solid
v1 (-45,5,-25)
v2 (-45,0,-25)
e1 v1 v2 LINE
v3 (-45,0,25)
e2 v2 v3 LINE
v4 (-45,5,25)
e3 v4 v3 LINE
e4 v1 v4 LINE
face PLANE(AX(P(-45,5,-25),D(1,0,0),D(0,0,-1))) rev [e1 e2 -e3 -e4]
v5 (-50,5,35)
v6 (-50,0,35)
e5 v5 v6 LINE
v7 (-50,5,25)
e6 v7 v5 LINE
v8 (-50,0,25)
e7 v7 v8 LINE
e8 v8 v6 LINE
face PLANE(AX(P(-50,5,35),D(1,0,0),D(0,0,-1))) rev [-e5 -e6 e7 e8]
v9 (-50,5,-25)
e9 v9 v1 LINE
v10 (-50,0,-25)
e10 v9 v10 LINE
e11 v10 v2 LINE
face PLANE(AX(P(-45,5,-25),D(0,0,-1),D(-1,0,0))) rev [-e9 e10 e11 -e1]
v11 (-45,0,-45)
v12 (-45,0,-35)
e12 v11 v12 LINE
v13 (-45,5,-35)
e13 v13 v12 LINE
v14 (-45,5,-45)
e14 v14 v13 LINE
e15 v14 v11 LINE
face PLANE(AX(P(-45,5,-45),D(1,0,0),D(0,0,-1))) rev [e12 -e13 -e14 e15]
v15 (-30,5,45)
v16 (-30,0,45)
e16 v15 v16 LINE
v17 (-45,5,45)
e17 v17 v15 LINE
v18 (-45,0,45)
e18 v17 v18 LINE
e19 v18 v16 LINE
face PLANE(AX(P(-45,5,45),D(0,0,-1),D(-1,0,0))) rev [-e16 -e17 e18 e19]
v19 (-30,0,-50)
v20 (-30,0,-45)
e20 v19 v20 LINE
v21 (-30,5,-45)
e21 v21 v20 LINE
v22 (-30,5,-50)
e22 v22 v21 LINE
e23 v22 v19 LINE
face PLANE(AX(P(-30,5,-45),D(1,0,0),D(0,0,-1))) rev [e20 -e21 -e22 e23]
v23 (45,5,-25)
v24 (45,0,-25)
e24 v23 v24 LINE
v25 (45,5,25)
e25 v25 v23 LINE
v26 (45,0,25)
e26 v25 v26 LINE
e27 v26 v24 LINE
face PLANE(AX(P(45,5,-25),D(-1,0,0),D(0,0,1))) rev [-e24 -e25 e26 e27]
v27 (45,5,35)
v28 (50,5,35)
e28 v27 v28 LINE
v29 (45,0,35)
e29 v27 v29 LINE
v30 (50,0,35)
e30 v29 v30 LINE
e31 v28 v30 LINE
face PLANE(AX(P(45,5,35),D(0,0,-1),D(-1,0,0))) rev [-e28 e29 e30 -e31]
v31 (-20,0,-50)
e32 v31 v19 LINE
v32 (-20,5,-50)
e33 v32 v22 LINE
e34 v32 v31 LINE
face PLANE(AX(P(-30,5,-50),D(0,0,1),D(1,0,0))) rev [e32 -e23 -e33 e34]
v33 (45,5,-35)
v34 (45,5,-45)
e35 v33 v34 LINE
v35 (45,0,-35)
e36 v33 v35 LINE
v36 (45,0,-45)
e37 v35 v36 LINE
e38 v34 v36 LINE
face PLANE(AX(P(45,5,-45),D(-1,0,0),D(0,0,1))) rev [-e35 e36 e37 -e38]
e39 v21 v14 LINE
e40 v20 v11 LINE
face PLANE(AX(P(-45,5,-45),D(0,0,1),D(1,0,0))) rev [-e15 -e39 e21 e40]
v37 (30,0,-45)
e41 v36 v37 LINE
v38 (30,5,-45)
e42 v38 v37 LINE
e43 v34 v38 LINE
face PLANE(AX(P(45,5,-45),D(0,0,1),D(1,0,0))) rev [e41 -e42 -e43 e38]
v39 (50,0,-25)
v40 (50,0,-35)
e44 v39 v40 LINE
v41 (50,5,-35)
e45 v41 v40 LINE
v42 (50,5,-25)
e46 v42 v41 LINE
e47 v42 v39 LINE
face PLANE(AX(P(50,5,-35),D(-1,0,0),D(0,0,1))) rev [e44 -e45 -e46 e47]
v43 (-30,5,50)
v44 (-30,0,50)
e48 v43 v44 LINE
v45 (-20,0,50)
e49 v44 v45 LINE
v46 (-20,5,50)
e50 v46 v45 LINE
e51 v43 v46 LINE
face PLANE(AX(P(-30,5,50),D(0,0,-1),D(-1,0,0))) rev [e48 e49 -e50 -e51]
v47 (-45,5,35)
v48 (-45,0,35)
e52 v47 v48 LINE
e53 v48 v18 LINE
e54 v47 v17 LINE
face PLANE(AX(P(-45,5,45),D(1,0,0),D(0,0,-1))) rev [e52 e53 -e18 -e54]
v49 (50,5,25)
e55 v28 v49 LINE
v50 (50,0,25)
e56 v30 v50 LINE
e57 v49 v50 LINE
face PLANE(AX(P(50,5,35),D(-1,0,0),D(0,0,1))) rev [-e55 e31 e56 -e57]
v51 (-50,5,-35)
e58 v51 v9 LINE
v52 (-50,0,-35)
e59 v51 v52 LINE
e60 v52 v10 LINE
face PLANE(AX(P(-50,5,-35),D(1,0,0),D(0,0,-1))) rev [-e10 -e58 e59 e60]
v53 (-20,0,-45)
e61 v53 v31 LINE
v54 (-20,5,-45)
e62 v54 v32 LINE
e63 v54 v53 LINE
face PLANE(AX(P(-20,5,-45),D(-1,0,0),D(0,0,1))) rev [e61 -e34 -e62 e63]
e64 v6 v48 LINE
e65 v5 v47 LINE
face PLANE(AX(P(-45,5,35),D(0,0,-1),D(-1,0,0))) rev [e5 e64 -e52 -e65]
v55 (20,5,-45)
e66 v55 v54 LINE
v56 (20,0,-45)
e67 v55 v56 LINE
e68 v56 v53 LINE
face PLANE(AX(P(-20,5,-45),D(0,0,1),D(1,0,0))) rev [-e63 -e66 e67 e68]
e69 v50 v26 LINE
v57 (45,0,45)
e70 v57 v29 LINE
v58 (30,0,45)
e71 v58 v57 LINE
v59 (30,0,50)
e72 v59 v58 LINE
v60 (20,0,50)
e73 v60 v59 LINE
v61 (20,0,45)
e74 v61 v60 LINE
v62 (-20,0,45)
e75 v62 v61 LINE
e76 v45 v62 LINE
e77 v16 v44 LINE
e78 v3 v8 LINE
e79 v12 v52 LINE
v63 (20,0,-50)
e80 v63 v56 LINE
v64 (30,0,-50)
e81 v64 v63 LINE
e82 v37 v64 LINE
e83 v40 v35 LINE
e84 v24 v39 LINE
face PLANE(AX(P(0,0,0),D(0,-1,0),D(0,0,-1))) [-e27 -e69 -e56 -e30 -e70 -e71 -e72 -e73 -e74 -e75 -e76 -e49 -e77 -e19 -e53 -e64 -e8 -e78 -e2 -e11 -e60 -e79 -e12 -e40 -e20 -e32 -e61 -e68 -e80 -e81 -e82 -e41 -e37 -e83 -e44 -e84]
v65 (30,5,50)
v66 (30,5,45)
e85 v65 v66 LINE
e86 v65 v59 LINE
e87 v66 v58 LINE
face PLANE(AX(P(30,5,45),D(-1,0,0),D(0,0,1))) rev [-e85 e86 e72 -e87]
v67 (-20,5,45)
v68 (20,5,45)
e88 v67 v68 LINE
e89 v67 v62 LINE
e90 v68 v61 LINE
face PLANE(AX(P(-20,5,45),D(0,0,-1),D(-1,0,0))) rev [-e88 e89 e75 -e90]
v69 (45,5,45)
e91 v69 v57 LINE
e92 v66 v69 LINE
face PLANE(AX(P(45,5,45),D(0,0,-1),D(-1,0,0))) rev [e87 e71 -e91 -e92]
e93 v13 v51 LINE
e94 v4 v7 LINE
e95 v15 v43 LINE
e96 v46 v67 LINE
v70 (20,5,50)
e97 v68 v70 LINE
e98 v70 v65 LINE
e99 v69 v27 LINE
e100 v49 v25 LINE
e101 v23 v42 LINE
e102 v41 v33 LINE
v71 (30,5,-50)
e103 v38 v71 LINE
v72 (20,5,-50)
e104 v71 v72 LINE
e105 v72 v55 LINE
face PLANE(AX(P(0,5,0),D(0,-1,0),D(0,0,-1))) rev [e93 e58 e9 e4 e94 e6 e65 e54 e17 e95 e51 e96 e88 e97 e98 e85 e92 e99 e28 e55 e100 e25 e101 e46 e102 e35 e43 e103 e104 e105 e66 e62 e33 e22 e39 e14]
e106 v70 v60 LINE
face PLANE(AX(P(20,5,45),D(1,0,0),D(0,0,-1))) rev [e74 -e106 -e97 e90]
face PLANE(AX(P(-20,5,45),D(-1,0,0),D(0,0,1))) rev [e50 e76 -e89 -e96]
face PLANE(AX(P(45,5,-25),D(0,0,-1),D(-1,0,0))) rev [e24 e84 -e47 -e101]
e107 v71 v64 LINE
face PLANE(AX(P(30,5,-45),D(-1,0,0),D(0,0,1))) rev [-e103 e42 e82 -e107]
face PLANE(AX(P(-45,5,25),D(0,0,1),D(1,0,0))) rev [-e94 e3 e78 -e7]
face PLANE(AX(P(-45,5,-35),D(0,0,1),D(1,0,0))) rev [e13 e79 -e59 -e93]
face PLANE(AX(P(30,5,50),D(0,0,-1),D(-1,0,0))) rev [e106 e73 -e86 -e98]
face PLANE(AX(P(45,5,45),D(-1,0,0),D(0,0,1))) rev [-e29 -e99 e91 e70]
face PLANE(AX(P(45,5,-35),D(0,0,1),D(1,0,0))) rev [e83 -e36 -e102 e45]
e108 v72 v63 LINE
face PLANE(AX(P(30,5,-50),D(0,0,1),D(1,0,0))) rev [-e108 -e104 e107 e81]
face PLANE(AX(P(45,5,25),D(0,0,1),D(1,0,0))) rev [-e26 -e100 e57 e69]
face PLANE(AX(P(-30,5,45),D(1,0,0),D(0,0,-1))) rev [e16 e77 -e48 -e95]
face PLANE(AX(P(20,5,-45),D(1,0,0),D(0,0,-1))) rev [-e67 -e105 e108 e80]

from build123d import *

# Parameters (mm, degrees)
BOSS_EXTRUDE1_DEPTH = 5


with BuildPart() as part:
    # Sketch1 → Boss-Extrude1 (new body)
    with BuildSketch(Plane(origin=(0, 0, 0), x_dir=(1, 0, 0), z_dir=(0, 1, 0))):
        Polygon((-45, 45), (-30, 45), (-30, 50), (-20, 50), (-20, 45), (20, 45), (20, 50), (30, 50), (30, 45), (45, 45), (45, 35), (50, 35), (50, 25), (45, 25), (45, -25), (50, -25), (50, -35), (45, -35), (45, -45), (30, -45), (30, -50), (20, -50), (20, -45), (-20, -45), (-20, -50), (-30, -50), (-30, -45), (-45, -45), (-45, -35), (-50, -35), (-50, -25), (-45, -25), (-45, 25), (-50, 25), (-50, 35), (-45, 35), align=None)
    extrude(amount=BOSS_EXTRUDE1_DEPTH)


solid = part.part
